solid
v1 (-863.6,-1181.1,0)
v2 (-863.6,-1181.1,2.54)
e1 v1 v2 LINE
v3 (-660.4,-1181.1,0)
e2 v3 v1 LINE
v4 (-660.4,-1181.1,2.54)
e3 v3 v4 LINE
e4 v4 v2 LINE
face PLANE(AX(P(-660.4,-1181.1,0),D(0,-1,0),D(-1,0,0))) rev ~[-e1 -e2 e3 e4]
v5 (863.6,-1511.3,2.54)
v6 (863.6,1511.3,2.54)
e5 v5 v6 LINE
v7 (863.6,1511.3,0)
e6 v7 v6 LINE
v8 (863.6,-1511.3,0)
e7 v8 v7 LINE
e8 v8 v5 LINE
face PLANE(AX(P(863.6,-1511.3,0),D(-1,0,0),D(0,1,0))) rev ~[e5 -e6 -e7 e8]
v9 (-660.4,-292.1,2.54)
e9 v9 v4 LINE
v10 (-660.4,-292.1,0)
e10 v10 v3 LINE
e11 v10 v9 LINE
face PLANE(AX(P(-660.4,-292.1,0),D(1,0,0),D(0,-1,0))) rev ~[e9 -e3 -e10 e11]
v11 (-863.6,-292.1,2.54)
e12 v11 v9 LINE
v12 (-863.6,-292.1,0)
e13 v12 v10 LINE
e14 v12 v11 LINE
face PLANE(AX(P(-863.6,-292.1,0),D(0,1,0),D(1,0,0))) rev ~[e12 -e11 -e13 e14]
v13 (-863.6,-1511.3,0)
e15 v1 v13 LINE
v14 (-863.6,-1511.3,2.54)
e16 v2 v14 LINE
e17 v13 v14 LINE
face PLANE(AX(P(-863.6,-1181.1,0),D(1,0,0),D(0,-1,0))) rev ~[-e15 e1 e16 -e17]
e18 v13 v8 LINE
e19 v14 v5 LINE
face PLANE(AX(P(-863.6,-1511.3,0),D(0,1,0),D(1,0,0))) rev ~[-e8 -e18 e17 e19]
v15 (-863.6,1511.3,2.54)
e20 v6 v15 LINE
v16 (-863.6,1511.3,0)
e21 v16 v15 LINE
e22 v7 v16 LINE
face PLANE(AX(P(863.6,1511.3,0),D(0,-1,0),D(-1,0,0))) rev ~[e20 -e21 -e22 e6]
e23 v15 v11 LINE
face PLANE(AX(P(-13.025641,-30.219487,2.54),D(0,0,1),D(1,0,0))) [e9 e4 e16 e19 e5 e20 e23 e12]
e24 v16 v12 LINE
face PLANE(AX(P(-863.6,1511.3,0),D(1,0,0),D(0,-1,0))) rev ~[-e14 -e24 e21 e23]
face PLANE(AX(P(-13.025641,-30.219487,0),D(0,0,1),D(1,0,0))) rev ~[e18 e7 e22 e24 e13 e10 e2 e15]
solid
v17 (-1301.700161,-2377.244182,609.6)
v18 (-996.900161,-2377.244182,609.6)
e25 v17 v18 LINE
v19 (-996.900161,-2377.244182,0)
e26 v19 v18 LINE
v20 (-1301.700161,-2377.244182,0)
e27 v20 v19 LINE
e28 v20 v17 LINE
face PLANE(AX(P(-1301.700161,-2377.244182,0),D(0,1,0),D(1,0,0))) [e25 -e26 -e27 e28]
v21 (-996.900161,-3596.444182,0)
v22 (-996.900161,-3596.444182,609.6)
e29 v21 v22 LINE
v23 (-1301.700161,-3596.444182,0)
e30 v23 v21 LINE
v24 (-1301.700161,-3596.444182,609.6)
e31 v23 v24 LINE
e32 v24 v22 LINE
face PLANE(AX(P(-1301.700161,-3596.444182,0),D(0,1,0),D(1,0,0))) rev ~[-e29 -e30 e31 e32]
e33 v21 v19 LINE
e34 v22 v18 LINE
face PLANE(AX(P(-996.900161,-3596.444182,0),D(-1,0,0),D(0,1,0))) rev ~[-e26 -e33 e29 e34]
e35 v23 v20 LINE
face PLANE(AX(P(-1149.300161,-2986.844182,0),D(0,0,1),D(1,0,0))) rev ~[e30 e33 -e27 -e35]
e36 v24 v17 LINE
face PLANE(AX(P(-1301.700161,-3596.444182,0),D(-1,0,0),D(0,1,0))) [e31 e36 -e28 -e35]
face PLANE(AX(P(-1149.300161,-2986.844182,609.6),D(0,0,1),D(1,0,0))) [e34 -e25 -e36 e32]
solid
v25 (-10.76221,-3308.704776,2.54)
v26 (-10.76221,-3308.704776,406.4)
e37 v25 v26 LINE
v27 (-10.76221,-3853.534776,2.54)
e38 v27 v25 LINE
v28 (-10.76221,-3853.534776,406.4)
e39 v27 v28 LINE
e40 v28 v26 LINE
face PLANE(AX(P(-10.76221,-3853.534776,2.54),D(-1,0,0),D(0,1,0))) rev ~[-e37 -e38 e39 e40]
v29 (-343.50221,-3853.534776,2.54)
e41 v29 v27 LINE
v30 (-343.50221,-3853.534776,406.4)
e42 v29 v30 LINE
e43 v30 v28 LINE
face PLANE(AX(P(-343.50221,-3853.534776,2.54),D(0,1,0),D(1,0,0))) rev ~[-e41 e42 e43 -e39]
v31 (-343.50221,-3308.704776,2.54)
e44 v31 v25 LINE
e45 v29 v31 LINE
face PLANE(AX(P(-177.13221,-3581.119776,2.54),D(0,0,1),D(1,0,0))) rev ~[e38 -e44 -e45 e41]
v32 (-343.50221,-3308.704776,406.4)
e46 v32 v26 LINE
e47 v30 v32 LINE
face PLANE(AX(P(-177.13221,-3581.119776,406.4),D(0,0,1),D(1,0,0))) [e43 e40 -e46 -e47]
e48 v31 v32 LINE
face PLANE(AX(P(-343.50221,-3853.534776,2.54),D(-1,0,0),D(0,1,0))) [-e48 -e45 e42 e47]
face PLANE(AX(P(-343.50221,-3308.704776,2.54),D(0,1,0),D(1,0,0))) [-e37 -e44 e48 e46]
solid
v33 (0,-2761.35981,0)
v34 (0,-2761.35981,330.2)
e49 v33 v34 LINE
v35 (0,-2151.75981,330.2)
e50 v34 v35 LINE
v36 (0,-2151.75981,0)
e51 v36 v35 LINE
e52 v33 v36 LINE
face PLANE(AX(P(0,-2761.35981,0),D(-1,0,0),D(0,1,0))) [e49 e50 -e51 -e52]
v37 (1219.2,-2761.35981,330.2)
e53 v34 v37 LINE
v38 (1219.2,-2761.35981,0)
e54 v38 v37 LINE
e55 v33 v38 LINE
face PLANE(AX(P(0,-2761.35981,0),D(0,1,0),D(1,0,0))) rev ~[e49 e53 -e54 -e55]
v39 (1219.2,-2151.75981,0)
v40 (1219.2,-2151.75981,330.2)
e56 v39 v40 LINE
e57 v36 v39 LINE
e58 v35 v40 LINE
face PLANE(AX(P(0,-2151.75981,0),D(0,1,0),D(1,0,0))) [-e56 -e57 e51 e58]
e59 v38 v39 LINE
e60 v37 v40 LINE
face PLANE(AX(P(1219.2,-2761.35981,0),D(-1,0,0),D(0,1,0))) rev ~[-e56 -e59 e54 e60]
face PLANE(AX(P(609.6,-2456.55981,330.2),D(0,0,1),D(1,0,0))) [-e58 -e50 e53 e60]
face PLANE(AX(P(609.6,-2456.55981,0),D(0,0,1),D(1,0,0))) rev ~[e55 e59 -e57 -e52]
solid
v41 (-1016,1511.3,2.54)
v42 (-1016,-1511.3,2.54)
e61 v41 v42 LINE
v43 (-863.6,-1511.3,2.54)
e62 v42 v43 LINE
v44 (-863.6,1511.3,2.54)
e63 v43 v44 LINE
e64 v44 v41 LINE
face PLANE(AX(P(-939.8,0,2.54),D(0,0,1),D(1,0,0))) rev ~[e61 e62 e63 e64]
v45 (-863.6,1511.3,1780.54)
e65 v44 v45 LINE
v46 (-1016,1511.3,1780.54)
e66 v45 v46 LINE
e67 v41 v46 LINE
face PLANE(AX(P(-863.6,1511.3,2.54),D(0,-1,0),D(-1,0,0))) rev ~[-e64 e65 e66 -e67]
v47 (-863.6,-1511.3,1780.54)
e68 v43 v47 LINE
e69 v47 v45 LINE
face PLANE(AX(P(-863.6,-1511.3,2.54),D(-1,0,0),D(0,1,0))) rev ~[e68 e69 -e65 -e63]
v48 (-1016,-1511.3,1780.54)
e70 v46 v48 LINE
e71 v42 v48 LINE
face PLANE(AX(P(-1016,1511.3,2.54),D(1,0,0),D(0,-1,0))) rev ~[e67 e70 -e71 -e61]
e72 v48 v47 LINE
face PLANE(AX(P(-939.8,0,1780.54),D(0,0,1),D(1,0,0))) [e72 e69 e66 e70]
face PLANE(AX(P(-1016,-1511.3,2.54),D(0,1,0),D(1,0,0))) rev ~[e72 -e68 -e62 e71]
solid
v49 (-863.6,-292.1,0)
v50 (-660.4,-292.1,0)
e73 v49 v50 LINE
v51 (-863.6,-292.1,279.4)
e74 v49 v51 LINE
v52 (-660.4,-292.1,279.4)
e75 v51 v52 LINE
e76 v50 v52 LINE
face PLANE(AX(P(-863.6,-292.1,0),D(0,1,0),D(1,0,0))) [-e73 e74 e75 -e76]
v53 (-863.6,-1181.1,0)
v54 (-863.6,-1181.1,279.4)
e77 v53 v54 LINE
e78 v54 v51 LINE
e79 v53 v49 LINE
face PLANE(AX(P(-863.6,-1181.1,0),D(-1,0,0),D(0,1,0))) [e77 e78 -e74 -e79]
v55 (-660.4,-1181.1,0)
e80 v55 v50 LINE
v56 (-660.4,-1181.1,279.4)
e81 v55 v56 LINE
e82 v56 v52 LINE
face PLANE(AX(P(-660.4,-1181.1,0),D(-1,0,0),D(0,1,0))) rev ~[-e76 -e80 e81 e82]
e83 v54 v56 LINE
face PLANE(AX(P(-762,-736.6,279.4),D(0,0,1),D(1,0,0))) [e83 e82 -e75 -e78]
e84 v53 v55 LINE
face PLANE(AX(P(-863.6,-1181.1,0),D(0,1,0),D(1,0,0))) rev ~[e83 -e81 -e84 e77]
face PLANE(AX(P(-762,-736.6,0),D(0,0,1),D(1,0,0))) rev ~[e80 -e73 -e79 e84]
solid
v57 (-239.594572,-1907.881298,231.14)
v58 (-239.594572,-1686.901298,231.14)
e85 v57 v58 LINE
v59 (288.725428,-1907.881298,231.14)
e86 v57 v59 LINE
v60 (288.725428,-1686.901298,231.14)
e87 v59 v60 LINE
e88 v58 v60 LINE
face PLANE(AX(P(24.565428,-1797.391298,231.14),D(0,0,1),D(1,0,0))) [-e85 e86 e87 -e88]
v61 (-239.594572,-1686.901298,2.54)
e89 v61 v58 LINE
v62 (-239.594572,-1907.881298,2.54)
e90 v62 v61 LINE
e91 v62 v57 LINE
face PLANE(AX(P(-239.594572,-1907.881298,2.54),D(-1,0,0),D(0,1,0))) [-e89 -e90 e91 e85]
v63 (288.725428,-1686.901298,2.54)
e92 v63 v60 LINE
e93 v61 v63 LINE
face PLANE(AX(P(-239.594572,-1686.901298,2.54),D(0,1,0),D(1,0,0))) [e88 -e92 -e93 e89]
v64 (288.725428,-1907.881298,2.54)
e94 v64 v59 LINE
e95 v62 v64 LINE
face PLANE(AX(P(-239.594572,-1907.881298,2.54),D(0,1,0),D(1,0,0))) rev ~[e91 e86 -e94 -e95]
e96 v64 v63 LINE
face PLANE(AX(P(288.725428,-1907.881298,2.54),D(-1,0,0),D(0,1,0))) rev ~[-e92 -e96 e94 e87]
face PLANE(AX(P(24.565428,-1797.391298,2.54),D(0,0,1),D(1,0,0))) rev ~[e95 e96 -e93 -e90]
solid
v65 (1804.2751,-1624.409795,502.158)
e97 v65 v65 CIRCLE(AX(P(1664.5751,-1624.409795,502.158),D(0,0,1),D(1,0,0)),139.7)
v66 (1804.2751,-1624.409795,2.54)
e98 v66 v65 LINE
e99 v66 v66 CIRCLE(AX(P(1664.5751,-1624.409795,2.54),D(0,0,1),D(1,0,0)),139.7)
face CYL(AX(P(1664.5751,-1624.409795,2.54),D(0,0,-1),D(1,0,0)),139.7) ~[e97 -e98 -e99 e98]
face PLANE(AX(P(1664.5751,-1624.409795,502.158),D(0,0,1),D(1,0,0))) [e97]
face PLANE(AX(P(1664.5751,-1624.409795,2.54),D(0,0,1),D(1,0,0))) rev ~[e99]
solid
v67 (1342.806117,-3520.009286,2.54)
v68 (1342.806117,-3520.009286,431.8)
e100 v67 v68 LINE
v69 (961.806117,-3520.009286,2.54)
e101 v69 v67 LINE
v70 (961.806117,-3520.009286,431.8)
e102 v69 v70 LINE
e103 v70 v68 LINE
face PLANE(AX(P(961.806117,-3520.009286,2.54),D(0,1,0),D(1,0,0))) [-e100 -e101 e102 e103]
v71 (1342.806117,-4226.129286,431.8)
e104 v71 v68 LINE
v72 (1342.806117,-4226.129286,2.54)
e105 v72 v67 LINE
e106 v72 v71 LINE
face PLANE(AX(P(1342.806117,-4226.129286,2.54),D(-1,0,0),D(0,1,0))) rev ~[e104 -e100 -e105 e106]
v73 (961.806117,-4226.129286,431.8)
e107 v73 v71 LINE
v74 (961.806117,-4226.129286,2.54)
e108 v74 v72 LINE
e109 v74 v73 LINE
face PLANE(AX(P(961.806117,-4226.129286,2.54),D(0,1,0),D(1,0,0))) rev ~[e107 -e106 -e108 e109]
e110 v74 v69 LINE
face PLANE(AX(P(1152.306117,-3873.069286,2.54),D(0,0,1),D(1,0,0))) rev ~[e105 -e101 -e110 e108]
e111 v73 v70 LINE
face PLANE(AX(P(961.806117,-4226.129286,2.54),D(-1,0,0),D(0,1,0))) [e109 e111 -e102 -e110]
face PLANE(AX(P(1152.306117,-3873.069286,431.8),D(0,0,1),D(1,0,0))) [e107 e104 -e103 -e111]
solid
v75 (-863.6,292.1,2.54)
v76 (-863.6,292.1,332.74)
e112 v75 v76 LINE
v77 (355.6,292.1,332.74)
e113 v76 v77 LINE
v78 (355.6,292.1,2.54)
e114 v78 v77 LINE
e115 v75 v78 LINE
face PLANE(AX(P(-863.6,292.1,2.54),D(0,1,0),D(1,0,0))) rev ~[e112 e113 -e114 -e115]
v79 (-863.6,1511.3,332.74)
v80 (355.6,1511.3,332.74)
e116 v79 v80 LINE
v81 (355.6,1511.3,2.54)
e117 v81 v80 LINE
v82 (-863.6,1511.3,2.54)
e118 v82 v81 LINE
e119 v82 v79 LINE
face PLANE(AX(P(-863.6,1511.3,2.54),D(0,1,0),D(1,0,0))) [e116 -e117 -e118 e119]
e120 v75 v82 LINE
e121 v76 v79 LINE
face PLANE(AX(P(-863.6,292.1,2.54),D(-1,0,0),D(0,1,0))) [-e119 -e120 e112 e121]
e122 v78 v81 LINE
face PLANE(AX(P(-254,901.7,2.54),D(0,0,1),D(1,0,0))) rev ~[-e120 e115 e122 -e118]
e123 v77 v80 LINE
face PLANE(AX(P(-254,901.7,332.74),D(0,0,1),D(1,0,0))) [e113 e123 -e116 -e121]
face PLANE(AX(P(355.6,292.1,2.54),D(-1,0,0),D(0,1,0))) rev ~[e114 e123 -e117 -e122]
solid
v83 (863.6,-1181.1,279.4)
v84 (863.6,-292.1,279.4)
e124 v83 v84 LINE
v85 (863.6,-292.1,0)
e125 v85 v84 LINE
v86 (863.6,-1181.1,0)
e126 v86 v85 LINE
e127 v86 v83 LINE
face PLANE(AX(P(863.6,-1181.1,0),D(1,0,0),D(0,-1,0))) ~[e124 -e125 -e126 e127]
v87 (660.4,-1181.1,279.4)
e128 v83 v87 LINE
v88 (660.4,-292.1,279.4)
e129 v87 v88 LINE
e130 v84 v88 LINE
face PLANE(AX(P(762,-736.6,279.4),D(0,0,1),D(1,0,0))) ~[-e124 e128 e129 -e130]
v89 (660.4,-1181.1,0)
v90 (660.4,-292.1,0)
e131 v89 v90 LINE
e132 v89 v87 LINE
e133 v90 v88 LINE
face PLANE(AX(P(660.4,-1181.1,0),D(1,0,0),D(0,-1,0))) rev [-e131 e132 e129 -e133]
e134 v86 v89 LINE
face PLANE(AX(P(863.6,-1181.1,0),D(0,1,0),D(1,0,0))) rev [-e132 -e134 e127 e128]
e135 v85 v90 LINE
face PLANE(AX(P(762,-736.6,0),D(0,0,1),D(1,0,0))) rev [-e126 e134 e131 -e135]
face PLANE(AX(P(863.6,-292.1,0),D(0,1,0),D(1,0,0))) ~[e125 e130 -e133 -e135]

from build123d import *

# Parameters (mm, degrees)
F0_W      = 203.2
F0_H      = 889
F1_DEPTH  = 279.4
F4_DEPTH  = 2.54
F6_DEPTH  = 1778
F7_W      = 1219.2
F7_H      = 1219.2
F8_DEPTH  = 330.2
F9_W      = 304.8
F9_H      = 1219.2
F10_DEPTH = 609.6
F11_W     = 528.32
F11_H     = 220.98
F12_DEPTH = 228.6
F13_W     = 1219.2
F13_H     = 609.6
F14_DEPTH = 330.2
F15_W     = 332.74
F15_H     = 544.83
F16_DEPTH = 403.86
F17_W     = 381
F17_H     = 706.12
F18_DEPTH = 429.26
F19_R     = 139.7
F20_DEPTH = 499.618


with BuildPart() as f1:
    # F0 (on Top) → F1 (new body)
    with BuildSketch(Plane.XY):
        with Locations((-762, -736.6)):
            Rectangle(F0_W, F0_H)
    extrude(amount=F1_DEPTH)


with BuildPart() as f2_1:
    # F2: instance of F1
    add(f1.part.mirror(Plane.YZ))


with BuildPart() as f4:
    # F3 (on face) → F4 (new body)
    with BuildSketch(Plane.XY):
        Polygon((-863.6, -1181.1), (-863.6, -1511.3), (863.6, -1511.3), (863.6, 1511.3), (-863.6, 1511.3), (-863.6, 419.1), (-863.6, -292.1), (-660.4, -292.1), (-660.4, -1181.1), align=None)
    extrude(amount=F4_DEPTH)


with BuildPart() as f6:
    # F5 (on face) → F6 (new body)
    with BuildSketch(Plane.XY.offset(2.54)):
        Polygon((-1016, -1511.3), (-863.6, -1511.3), (-863.6, -1181.1), (-863.6, -292.1), (-863.6, 1511.3), (-1016, 1511.3), align=None)
    extrude(amount=F6_DEPTH)


with BuildPart() as f8:
    # F7 (on face) → F8 (new body)
    with BuildSketch(Plane.XY.offset(2.54)):
        with Locations((-254, 901.7)):
            Rectangle(F7_W, F7_H)
    extrude(amount=F8_DEPTH)


with BuildPart() as f10:
    # F9 (on face) → F10 (new body)
    with BuildSketch(Plane.XY):
        with Locations((-1149.300161, -2986.844182)):
            Rectangle(F9_W, F9_H)
    extrude(amount=F10_DEPTH)


with BuildPart() as f12:
    # F11 (on face) → F12 (new body)
    with BuildSketch(Plane.XY.offset(2.54)):
        with Locations((24.565428, -1797.391298)):
            Rectangle(F11_W, F11_H)
    extrude(amount=F12_DEPTH)


with BuildPart() as f14:
    # F13 (on face) → F14 (new body)
    with BuildSketch(Plane.XY):
        with Locations((609.6, -2456.55981)):
            Rectangle(F13_W, F13_H)
    extrude(amount=F14_DEPTH)


with BuildPart() as f16:
    # F15 (on face) → F16 (new body)
    with BuildSketch(Plane.XY.offset(2.54)):
        with Locations((-177.13221, -3581.119776)):
            Rectangle(F15_W, F15_H)
    extrude(amount=F16_DEPTH)


with BuildPart() as f18:
    # F17 (on face) → F18 (new body)
    with BuildSketch(Plane.XY.offset(2.54)):
        with Locations((1152.306117, -3873.069286)):
            Rectangle(F17_W, F17_H)
    extrude(amount=F18_DEPTH)


with BuildPart() as f20:
    # F19 (on face) → F20 (new body)
    with BuildSketch(Plane.XY.offset(2.54)):
        with Locations((1664.5751, -1624.409795)):
            Circle(F19_R)
    extrude(amount=F20_DEPTH)


solid = Compound([f1.part, f2_1.part, f4.part, f6.part, f8.part, f10.part, f12.part, f14.part, f16.part, f18.part, f20.part])
